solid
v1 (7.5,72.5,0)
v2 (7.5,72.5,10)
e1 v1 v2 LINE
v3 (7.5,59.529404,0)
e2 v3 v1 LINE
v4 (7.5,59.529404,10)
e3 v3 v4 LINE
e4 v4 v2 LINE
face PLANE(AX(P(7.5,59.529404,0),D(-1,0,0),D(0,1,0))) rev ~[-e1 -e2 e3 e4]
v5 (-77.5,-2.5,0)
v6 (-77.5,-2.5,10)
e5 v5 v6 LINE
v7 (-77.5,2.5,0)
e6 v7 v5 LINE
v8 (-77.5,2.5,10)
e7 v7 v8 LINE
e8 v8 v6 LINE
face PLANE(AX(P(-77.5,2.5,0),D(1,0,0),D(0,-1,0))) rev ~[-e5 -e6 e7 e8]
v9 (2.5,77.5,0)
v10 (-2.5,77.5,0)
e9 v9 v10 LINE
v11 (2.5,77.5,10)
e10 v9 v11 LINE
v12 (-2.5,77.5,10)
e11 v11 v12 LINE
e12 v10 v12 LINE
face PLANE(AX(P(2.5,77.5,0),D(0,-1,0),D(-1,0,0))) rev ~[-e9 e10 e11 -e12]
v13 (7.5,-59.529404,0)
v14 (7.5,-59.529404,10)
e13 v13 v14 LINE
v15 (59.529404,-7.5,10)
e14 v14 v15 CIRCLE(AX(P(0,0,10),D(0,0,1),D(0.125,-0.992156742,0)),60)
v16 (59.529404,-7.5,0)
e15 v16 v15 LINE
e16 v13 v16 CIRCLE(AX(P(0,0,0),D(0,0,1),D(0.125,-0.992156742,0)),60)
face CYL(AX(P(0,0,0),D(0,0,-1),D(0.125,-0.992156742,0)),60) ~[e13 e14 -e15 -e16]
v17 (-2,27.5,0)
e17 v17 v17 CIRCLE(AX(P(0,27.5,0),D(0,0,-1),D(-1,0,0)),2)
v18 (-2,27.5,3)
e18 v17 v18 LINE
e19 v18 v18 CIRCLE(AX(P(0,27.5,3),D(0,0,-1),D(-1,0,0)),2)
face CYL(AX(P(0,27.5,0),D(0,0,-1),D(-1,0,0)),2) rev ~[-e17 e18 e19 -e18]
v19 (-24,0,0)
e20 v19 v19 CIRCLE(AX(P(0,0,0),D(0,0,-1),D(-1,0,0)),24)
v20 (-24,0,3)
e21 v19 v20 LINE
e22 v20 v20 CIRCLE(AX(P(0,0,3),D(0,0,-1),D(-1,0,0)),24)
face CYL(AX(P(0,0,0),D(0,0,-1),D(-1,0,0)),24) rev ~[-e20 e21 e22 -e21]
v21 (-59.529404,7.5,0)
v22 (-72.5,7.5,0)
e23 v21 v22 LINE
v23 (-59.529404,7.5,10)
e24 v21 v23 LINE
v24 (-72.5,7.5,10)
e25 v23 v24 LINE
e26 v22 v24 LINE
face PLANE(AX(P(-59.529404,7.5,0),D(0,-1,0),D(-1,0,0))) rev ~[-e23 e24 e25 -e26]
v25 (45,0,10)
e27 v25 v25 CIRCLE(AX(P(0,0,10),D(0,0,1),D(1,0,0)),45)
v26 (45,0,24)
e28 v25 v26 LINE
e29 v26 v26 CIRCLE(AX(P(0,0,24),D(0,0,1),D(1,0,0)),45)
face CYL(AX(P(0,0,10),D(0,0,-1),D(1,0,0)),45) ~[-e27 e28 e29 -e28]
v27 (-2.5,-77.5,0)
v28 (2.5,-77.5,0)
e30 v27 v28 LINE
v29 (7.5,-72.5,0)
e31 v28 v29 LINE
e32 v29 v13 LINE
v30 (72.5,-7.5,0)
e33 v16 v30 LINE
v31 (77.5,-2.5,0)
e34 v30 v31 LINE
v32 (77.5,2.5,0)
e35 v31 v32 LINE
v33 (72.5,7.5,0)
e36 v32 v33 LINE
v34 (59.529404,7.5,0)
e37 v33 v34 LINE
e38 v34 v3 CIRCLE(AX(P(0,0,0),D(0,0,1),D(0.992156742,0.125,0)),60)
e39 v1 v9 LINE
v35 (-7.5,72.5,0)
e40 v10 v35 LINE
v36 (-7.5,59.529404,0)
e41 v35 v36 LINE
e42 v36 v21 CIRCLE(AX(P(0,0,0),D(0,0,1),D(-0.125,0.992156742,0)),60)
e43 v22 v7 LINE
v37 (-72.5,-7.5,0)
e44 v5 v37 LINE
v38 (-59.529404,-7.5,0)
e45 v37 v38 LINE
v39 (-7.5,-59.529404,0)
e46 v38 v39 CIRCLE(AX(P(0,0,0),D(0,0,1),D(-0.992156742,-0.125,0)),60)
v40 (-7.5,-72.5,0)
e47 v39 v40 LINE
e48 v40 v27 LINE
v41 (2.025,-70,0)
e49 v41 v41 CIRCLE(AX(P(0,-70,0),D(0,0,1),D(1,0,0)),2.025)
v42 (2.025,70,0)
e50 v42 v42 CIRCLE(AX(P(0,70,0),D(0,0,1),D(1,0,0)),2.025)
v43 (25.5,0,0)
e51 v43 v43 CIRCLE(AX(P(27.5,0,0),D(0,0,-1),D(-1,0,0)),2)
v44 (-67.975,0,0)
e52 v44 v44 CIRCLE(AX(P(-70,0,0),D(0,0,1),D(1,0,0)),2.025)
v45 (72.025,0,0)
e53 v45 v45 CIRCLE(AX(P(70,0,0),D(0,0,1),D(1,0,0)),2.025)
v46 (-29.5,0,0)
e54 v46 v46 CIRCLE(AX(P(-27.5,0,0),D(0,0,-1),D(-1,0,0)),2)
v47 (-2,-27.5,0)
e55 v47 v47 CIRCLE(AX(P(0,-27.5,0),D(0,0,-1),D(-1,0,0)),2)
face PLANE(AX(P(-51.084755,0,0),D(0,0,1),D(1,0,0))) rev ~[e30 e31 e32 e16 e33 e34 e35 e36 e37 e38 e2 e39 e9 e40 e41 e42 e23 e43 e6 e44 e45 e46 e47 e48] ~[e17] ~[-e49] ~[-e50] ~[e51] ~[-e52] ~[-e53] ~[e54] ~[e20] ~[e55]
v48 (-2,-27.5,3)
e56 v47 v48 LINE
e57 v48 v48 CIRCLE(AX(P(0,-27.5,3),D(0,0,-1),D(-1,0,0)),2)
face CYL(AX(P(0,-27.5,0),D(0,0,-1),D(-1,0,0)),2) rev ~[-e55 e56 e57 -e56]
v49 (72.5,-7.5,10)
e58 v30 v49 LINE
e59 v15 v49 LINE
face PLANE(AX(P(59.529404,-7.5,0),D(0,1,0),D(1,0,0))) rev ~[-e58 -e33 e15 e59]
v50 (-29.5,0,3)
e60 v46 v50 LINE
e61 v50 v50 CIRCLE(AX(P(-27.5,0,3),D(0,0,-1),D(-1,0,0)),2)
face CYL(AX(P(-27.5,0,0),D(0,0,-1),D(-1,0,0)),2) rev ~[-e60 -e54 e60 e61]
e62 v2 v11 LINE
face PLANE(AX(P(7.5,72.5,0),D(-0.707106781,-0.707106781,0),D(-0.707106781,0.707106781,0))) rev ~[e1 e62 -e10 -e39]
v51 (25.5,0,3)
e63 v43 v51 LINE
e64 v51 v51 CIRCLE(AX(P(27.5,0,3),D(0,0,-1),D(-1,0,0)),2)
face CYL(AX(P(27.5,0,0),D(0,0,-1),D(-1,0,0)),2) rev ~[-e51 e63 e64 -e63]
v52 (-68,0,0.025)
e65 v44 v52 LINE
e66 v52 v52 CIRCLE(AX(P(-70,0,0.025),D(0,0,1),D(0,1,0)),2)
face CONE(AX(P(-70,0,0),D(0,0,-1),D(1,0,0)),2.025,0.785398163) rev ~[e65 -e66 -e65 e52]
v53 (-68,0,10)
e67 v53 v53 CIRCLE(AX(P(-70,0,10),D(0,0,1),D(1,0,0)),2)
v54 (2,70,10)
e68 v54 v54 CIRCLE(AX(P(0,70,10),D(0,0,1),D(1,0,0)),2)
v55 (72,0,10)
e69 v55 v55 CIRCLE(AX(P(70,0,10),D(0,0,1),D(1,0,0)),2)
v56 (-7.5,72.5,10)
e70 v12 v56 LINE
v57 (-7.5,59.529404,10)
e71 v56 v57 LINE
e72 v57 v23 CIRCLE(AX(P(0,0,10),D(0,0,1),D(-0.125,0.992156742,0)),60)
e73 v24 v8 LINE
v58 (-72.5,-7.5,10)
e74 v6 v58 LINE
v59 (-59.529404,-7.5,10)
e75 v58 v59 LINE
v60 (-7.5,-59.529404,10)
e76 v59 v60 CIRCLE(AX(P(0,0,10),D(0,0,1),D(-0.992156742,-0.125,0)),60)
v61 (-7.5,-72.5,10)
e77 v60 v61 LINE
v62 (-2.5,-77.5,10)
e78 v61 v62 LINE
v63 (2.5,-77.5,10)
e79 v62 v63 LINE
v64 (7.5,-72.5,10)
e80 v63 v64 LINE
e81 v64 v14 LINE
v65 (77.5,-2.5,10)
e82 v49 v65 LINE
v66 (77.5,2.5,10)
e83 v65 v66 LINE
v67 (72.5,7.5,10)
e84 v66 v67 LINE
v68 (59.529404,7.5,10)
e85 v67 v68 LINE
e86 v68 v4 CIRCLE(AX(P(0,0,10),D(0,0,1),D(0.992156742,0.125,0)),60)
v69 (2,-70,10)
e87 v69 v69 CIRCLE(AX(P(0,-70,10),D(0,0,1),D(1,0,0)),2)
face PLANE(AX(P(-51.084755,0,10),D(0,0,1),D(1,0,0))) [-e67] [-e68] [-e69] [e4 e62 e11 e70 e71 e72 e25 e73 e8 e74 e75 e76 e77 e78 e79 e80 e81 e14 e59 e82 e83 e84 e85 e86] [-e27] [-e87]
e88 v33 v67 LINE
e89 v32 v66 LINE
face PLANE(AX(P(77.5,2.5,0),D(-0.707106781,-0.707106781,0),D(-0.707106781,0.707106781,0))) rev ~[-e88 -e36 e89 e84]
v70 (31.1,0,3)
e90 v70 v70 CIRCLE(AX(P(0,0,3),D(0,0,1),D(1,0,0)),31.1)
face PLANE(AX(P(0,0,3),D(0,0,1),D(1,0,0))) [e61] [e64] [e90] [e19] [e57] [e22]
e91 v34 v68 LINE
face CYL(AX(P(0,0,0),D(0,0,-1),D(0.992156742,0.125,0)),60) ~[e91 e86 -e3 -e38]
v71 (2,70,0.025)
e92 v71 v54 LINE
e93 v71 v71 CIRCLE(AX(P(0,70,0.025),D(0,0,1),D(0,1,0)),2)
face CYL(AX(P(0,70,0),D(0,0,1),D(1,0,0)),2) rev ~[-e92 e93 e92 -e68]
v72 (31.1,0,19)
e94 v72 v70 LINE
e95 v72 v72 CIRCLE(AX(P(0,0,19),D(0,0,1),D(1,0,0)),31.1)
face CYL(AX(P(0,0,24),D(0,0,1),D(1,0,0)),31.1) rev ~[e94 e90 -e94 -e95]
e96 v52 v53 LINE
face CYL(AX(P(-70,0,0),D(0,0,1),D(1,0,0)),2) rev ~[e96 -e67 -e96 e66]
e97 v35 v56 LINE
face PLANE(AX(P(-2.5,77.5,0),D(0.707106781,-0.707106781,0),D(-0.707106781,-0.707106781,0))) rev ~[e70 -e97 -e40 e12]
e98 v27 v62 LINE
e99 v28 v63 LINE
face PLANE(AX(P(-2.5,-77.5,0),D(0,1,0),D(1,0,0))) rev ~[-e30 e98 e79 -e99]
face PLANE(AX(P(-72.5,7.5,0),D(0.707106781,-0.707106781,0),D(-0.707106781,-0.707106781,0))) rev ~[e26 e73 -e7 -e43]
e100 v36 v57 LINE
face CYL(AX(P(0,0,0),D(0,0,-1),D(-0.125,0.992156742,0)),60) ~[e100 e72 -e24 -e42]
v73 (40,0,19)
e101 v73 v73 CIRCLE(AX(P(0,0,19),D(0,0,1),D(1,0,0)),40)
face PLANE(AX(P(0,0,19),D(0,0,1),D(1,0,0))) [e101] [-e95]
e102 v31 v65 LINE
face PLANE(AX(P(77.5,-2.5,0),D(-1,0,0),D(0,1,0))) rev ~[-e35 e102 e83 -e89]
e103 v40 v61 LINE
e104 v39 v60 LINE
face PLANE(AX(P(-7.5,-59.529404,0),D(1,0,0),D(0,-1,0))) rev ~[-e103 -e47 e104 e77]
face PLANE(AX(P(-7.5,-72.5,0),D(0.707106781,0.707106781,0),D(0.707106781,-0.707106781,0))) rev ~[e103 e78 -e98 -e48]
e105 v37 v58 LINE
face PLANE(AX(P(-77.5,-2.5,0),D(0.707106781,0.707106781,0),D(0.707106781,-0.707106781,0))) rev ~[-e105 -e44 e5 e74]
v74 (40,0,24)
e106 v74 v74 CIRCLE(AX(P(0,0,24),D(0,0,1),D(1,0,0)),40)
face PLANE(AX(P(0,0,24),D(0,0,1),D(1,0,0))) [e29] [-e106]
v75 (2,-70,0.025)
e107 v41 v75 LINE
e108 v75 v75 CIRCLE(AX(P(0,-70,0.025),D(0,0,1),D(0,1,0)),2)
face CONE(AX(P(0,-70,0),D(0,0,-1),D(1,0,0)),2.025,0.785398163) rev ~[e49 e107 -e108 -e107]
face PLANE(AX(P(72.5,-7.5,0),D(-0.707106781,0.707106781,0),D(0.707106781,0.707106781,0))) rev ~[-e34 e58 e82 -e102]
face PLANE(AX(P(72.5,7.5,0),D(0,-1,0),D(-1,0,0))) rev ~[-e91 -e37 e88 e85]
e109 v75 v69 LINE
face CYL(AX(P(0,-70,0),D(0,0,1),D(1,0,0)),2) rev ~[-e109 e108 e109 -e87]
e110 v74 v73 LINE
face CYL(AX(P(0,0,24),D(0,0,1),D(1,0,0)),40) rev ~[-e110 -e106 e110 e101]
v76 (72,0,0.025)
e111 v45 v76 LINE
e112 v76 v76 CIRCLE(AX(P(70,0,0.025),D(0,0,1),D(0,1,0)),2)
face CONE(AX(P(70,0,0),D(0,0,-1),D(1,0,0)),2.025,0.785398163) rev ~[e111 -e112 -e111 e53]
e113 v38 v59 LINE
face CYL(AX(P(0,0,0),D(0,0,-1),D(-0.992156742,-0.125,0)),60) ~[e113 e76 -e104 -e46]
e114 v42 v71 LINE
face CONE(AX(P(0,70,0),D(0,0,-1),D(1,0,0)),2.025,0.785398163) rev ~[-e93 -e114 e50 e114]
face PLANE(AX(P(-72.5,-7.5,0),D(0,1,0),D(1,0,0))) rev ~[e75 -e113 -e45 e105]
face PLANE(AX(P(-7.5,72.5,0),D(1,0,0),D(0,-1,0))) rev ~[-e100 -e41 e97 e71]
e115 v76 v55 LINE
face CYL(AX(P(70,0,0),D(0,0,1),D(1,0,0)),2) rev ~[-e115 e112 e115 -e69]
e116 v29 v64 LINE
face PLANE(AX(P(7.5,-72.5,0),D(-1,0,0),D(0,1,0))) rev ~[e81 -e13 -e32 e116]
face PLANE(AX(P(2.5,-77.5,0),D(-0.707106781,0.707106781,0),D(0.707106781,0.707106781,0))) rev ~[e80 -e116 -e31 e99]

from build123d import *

# Parameters (mm, degrees)
BOSS_EXTRUDE1_DEPTH             = 10
SKETCH2_R                       = 45
BOSS_EXTRUDE2_DEPTH             = 14
SKETCH3_R                       = 31.1
CUT_EXTRUDE1_DEPTH              = 21
F_4_0MM_DOWEL_HOLE1_D           = 4
F_4_0MM_DOWEL_HOLE1_CSINK_D     = 4.05
F_4_0MM_DOWEL_HOLE1_CSINK_ANGLE = 90
SKETCH11_R                      = 40
CUT_EXTRUDE2_DEPTH              = 5
SKETCH4_R                       = 24
CUT_EXTRUDE3_DEPTH              = 4
SKETCH12_R                      = 2
CUT_EXTRUDE5_DEPTH              = 4


with BuildPart() as part:
    # Sketch1 → Boss-Extrude1 (new body)
    with BuildSketch(Plane.XY):
        with BuildLine():
            Line((-42.5, 7.5), (-59.529404499, 7.5))
            ThreePointArc((-59.529404499, 7.5), (-60, 0), (-59.529404499, -7.5))
            Line((-59.529404499, -7.5), (-42.5, -7.5))
            Line((-42.5, -7.5), (-42.5, 7.5))
        make_face()
        with BuildLine():
            ThreePointArc((-7.5, 59.529404499), (-42.426406871, 42.426406871), (-59.529404499, 7.5))
            Line((-59.529404499, 7.5), (-42.5, 7.5))
            Line((-42.5, 7.5), (-42.5, -7.5))
            Line((-42.5, -7.5), (-59.529404499, -7.5))
            ThreePointArc((-59.529404499, -7.5), (-42.426406871, -42.426406871), (-7.5, -59.529404499))
            Line((-7.5, -59.529404499), (-7.5, -42.5))
            Line((-7.5, -42.5), (7.5, -42.5))
            Line((7.5, -42.5), (7.5, -59.529404499))
            ThreePointArc((7.5, -59.529404499), (42.426406871, -42.426406871), (59.529404499, -7.5))
            Line((59.529404499, -7.5), (42.5, -7.5))
            Line((42.5, -7.5), (42.5, 7.5))
            Line((42.5, 7.5), (59.529404499, 7.5))
            ThreePointArc((59.529404499, 7.5), (42.426406871, 42.426406871), (7.5, 59.529404499))
            Line((7.5, 59.529404499), (7.5, 42.5))
            Line((7.5, 42.5), (-7.5, 42.5))
            Line((-7.5, 42.5), (-7.5, 59.529404499))
        make_face()
        with BuildLine():
            ThreePointArc((7.5, 59.529404499), (0, 60), (-7.5, 59.529404499))
            Line((-7.5, 59.529404499), (-7.5, 42.5))
            Line((-7.5, 42.5), (7.5, 42.5))
            Line((7.5, 42.5), (7.5, 59.529404499))
        make_face()
        with BuildLine():
            Line((-7.5, 72.5), (-7.5, 59.529404499))
            ThreePointArc((-7.5, 59.529404499), (0, 60), (7.5, 59.529404499))
            Line((7.5, 59.529404499), (7.5, 72.5))
            Line((7.5, 72.5), (2.5, 77.5))
            Line((2.5, 77.5), (-2.5, 77.5))
            Line((-2.5, 77.5), (-7.5, 72.5))
        make_face()
        with BuildLine():
            Line((-59.529404499, 7.5), (-72.5, 7.5))
            Line((-72.5, 7.5), (-77.5, 2.5))
            Line((-77.5, 2.5), (-77.5, -2.5))
            Line((-77.5, -2.5), (-72.5, -7.5))
            Line((-72.5, -7.5), (-59.529404499, -7.5))
            ThreePointArc((-59.529404499, -7.5), (-60, 0), (-59.529404499, 7.5))
        make_face()
        with BuildLine():
            ThreePointArc((60, 0), (59.882235554, 3.757374753), (59.529404499, 7.5))
            Line((59.529404499, 7.5), (42.5, 7.5))
            Line((42.5, 7.5), (42.5, -7.5))
            Line((42.5, -7.5), (59.529404499, -7.5))
            ThreePointArc((59.529404499, -7.5), (59.882235554, -3.757374753), (60, 0))
        make_face()
        with BuildLine():
            Line((72.5, 7.5), (59.529404499, 7.5))
            ThreePointArc((59.529404499, 7.5), (59.882235554, 3.757374753), (60, 0))
            ThreePointArc((60, 0), (59.882235554, -3.757374753), (59.529404499, -7.5))
            Line((59.529404499, -7.5), (72.5, -7.5))
            Line((72.5, -7.5), (77.5, -2.5))
            Line((77.5, -2.5), (77.5, 2.5))
            Line((77.5, 2.5), (72.5, 7.5))
        make_face()
        with BuildLine():
            ThreePointArc((7.5, -59.529404499), (0, -60), (-7.5, -59.529404499))
            Line((-7.5, -59.529404499), (-7.5, -72.5))
            Line((-7.5, -72.5), (-2.5, -77.5))
            Line((-2.5, -77.5), (2.5, -77.5))
            Line((2.5, -77.5), (7.5, -72.5))
            Line((7.5, -72.5), (7.5, -59.529404499))
        make_face()
        with BuildLine():
            Line((-7.5, -42.5), (-7.5, -59.529404499))
            ThreePointArc((-7.5, -59.529404499), (0, -60), (7.5, -59.529404499))
            Line((7.5, -59.529404499), (7.5, -42.5))
            Line((7.5, -42.5), (-7.5, -42.5))
        make_face()
    extrude(amount=BOSS_EXTRUDE1_DEPTH)

    # Sketch2 → Boss-Extrude2 (add)
    with BuildSketch(Plane.XY.offset(10)):
        Circle(SKETCH2_R)
    extrude(amount=BOSS_EXTRUDE2_DEPTH)

    # Sketch3 → Cut-Extrude1 (cut)
    with BuildSketch(Plane.XY.offset(24)):
        Circle(SKETCH3_R)
    extrude(amount=-CUT_EXTRUDE1_DEPTH, mode=Mode.SUBTRACT)

    # Ø4.0mm Dowel Hole1 (through all)
    with Locations(Plane(origin=(0, 0, 0), x_dir=(-1, 0, 0), z_dir=(0, 0, -1))):
        with Locations((-70, 0), (0, 70), (70, 0), (0, -70)):
            CounterSinkHole(F_4_0MM_DOWEL_HOLE1_D / 2, F_4_0MM_DOWEL_HOLE1_CSINK_D / 2, counter_sink_angle=F_4_0MM_DOWEL_HOLE1_CSINK_ANGLE)

    # Sketch11 → Cut-Extrude2 (cut)
    with BuildSketch(Plane.XY.offset(24)):
        Circle(SKETCH11_R)
    extrude(amount=-CUT_EXTRUDE2_DEPTH, mode=Mode.SUBTRACT)

    # Sketch4 → Cut-Extrude3 (cut)
    with BuildSketch(Plane(origin=(0, 0, 0), x_dir=(-1, 0, 0), z_dir=(0, 0, -1))):
        Circle(SKETCH4_R)
    extrude(amount=-CUT_EXTRUDE3_DEPTH, mode=Mode.SUBTRACT)

    # Sketch12 → Cut-Extrude5 (cut)
    with BuildSketch(Plane(origin=(0, 0, 0), x_dir=(-1, 0, 0), z_dir=(0, 0, -1))):
        with Locations((27.5, 0)):
            Circle(SKETCH12_R)
        with Locations((0, -27.5)):
            Circle(SKETCH12_R)
        with Locations((-27.5, 0)):
            Circle(SKETCH12_R)
        with Locations((0, 27.5)):
            Circle(SKETCH12_R)
    extrude(amount=-CUT_EXTRUDE5_DEPTH, mode=Mode.SUBTRACT)


solid = part.part
